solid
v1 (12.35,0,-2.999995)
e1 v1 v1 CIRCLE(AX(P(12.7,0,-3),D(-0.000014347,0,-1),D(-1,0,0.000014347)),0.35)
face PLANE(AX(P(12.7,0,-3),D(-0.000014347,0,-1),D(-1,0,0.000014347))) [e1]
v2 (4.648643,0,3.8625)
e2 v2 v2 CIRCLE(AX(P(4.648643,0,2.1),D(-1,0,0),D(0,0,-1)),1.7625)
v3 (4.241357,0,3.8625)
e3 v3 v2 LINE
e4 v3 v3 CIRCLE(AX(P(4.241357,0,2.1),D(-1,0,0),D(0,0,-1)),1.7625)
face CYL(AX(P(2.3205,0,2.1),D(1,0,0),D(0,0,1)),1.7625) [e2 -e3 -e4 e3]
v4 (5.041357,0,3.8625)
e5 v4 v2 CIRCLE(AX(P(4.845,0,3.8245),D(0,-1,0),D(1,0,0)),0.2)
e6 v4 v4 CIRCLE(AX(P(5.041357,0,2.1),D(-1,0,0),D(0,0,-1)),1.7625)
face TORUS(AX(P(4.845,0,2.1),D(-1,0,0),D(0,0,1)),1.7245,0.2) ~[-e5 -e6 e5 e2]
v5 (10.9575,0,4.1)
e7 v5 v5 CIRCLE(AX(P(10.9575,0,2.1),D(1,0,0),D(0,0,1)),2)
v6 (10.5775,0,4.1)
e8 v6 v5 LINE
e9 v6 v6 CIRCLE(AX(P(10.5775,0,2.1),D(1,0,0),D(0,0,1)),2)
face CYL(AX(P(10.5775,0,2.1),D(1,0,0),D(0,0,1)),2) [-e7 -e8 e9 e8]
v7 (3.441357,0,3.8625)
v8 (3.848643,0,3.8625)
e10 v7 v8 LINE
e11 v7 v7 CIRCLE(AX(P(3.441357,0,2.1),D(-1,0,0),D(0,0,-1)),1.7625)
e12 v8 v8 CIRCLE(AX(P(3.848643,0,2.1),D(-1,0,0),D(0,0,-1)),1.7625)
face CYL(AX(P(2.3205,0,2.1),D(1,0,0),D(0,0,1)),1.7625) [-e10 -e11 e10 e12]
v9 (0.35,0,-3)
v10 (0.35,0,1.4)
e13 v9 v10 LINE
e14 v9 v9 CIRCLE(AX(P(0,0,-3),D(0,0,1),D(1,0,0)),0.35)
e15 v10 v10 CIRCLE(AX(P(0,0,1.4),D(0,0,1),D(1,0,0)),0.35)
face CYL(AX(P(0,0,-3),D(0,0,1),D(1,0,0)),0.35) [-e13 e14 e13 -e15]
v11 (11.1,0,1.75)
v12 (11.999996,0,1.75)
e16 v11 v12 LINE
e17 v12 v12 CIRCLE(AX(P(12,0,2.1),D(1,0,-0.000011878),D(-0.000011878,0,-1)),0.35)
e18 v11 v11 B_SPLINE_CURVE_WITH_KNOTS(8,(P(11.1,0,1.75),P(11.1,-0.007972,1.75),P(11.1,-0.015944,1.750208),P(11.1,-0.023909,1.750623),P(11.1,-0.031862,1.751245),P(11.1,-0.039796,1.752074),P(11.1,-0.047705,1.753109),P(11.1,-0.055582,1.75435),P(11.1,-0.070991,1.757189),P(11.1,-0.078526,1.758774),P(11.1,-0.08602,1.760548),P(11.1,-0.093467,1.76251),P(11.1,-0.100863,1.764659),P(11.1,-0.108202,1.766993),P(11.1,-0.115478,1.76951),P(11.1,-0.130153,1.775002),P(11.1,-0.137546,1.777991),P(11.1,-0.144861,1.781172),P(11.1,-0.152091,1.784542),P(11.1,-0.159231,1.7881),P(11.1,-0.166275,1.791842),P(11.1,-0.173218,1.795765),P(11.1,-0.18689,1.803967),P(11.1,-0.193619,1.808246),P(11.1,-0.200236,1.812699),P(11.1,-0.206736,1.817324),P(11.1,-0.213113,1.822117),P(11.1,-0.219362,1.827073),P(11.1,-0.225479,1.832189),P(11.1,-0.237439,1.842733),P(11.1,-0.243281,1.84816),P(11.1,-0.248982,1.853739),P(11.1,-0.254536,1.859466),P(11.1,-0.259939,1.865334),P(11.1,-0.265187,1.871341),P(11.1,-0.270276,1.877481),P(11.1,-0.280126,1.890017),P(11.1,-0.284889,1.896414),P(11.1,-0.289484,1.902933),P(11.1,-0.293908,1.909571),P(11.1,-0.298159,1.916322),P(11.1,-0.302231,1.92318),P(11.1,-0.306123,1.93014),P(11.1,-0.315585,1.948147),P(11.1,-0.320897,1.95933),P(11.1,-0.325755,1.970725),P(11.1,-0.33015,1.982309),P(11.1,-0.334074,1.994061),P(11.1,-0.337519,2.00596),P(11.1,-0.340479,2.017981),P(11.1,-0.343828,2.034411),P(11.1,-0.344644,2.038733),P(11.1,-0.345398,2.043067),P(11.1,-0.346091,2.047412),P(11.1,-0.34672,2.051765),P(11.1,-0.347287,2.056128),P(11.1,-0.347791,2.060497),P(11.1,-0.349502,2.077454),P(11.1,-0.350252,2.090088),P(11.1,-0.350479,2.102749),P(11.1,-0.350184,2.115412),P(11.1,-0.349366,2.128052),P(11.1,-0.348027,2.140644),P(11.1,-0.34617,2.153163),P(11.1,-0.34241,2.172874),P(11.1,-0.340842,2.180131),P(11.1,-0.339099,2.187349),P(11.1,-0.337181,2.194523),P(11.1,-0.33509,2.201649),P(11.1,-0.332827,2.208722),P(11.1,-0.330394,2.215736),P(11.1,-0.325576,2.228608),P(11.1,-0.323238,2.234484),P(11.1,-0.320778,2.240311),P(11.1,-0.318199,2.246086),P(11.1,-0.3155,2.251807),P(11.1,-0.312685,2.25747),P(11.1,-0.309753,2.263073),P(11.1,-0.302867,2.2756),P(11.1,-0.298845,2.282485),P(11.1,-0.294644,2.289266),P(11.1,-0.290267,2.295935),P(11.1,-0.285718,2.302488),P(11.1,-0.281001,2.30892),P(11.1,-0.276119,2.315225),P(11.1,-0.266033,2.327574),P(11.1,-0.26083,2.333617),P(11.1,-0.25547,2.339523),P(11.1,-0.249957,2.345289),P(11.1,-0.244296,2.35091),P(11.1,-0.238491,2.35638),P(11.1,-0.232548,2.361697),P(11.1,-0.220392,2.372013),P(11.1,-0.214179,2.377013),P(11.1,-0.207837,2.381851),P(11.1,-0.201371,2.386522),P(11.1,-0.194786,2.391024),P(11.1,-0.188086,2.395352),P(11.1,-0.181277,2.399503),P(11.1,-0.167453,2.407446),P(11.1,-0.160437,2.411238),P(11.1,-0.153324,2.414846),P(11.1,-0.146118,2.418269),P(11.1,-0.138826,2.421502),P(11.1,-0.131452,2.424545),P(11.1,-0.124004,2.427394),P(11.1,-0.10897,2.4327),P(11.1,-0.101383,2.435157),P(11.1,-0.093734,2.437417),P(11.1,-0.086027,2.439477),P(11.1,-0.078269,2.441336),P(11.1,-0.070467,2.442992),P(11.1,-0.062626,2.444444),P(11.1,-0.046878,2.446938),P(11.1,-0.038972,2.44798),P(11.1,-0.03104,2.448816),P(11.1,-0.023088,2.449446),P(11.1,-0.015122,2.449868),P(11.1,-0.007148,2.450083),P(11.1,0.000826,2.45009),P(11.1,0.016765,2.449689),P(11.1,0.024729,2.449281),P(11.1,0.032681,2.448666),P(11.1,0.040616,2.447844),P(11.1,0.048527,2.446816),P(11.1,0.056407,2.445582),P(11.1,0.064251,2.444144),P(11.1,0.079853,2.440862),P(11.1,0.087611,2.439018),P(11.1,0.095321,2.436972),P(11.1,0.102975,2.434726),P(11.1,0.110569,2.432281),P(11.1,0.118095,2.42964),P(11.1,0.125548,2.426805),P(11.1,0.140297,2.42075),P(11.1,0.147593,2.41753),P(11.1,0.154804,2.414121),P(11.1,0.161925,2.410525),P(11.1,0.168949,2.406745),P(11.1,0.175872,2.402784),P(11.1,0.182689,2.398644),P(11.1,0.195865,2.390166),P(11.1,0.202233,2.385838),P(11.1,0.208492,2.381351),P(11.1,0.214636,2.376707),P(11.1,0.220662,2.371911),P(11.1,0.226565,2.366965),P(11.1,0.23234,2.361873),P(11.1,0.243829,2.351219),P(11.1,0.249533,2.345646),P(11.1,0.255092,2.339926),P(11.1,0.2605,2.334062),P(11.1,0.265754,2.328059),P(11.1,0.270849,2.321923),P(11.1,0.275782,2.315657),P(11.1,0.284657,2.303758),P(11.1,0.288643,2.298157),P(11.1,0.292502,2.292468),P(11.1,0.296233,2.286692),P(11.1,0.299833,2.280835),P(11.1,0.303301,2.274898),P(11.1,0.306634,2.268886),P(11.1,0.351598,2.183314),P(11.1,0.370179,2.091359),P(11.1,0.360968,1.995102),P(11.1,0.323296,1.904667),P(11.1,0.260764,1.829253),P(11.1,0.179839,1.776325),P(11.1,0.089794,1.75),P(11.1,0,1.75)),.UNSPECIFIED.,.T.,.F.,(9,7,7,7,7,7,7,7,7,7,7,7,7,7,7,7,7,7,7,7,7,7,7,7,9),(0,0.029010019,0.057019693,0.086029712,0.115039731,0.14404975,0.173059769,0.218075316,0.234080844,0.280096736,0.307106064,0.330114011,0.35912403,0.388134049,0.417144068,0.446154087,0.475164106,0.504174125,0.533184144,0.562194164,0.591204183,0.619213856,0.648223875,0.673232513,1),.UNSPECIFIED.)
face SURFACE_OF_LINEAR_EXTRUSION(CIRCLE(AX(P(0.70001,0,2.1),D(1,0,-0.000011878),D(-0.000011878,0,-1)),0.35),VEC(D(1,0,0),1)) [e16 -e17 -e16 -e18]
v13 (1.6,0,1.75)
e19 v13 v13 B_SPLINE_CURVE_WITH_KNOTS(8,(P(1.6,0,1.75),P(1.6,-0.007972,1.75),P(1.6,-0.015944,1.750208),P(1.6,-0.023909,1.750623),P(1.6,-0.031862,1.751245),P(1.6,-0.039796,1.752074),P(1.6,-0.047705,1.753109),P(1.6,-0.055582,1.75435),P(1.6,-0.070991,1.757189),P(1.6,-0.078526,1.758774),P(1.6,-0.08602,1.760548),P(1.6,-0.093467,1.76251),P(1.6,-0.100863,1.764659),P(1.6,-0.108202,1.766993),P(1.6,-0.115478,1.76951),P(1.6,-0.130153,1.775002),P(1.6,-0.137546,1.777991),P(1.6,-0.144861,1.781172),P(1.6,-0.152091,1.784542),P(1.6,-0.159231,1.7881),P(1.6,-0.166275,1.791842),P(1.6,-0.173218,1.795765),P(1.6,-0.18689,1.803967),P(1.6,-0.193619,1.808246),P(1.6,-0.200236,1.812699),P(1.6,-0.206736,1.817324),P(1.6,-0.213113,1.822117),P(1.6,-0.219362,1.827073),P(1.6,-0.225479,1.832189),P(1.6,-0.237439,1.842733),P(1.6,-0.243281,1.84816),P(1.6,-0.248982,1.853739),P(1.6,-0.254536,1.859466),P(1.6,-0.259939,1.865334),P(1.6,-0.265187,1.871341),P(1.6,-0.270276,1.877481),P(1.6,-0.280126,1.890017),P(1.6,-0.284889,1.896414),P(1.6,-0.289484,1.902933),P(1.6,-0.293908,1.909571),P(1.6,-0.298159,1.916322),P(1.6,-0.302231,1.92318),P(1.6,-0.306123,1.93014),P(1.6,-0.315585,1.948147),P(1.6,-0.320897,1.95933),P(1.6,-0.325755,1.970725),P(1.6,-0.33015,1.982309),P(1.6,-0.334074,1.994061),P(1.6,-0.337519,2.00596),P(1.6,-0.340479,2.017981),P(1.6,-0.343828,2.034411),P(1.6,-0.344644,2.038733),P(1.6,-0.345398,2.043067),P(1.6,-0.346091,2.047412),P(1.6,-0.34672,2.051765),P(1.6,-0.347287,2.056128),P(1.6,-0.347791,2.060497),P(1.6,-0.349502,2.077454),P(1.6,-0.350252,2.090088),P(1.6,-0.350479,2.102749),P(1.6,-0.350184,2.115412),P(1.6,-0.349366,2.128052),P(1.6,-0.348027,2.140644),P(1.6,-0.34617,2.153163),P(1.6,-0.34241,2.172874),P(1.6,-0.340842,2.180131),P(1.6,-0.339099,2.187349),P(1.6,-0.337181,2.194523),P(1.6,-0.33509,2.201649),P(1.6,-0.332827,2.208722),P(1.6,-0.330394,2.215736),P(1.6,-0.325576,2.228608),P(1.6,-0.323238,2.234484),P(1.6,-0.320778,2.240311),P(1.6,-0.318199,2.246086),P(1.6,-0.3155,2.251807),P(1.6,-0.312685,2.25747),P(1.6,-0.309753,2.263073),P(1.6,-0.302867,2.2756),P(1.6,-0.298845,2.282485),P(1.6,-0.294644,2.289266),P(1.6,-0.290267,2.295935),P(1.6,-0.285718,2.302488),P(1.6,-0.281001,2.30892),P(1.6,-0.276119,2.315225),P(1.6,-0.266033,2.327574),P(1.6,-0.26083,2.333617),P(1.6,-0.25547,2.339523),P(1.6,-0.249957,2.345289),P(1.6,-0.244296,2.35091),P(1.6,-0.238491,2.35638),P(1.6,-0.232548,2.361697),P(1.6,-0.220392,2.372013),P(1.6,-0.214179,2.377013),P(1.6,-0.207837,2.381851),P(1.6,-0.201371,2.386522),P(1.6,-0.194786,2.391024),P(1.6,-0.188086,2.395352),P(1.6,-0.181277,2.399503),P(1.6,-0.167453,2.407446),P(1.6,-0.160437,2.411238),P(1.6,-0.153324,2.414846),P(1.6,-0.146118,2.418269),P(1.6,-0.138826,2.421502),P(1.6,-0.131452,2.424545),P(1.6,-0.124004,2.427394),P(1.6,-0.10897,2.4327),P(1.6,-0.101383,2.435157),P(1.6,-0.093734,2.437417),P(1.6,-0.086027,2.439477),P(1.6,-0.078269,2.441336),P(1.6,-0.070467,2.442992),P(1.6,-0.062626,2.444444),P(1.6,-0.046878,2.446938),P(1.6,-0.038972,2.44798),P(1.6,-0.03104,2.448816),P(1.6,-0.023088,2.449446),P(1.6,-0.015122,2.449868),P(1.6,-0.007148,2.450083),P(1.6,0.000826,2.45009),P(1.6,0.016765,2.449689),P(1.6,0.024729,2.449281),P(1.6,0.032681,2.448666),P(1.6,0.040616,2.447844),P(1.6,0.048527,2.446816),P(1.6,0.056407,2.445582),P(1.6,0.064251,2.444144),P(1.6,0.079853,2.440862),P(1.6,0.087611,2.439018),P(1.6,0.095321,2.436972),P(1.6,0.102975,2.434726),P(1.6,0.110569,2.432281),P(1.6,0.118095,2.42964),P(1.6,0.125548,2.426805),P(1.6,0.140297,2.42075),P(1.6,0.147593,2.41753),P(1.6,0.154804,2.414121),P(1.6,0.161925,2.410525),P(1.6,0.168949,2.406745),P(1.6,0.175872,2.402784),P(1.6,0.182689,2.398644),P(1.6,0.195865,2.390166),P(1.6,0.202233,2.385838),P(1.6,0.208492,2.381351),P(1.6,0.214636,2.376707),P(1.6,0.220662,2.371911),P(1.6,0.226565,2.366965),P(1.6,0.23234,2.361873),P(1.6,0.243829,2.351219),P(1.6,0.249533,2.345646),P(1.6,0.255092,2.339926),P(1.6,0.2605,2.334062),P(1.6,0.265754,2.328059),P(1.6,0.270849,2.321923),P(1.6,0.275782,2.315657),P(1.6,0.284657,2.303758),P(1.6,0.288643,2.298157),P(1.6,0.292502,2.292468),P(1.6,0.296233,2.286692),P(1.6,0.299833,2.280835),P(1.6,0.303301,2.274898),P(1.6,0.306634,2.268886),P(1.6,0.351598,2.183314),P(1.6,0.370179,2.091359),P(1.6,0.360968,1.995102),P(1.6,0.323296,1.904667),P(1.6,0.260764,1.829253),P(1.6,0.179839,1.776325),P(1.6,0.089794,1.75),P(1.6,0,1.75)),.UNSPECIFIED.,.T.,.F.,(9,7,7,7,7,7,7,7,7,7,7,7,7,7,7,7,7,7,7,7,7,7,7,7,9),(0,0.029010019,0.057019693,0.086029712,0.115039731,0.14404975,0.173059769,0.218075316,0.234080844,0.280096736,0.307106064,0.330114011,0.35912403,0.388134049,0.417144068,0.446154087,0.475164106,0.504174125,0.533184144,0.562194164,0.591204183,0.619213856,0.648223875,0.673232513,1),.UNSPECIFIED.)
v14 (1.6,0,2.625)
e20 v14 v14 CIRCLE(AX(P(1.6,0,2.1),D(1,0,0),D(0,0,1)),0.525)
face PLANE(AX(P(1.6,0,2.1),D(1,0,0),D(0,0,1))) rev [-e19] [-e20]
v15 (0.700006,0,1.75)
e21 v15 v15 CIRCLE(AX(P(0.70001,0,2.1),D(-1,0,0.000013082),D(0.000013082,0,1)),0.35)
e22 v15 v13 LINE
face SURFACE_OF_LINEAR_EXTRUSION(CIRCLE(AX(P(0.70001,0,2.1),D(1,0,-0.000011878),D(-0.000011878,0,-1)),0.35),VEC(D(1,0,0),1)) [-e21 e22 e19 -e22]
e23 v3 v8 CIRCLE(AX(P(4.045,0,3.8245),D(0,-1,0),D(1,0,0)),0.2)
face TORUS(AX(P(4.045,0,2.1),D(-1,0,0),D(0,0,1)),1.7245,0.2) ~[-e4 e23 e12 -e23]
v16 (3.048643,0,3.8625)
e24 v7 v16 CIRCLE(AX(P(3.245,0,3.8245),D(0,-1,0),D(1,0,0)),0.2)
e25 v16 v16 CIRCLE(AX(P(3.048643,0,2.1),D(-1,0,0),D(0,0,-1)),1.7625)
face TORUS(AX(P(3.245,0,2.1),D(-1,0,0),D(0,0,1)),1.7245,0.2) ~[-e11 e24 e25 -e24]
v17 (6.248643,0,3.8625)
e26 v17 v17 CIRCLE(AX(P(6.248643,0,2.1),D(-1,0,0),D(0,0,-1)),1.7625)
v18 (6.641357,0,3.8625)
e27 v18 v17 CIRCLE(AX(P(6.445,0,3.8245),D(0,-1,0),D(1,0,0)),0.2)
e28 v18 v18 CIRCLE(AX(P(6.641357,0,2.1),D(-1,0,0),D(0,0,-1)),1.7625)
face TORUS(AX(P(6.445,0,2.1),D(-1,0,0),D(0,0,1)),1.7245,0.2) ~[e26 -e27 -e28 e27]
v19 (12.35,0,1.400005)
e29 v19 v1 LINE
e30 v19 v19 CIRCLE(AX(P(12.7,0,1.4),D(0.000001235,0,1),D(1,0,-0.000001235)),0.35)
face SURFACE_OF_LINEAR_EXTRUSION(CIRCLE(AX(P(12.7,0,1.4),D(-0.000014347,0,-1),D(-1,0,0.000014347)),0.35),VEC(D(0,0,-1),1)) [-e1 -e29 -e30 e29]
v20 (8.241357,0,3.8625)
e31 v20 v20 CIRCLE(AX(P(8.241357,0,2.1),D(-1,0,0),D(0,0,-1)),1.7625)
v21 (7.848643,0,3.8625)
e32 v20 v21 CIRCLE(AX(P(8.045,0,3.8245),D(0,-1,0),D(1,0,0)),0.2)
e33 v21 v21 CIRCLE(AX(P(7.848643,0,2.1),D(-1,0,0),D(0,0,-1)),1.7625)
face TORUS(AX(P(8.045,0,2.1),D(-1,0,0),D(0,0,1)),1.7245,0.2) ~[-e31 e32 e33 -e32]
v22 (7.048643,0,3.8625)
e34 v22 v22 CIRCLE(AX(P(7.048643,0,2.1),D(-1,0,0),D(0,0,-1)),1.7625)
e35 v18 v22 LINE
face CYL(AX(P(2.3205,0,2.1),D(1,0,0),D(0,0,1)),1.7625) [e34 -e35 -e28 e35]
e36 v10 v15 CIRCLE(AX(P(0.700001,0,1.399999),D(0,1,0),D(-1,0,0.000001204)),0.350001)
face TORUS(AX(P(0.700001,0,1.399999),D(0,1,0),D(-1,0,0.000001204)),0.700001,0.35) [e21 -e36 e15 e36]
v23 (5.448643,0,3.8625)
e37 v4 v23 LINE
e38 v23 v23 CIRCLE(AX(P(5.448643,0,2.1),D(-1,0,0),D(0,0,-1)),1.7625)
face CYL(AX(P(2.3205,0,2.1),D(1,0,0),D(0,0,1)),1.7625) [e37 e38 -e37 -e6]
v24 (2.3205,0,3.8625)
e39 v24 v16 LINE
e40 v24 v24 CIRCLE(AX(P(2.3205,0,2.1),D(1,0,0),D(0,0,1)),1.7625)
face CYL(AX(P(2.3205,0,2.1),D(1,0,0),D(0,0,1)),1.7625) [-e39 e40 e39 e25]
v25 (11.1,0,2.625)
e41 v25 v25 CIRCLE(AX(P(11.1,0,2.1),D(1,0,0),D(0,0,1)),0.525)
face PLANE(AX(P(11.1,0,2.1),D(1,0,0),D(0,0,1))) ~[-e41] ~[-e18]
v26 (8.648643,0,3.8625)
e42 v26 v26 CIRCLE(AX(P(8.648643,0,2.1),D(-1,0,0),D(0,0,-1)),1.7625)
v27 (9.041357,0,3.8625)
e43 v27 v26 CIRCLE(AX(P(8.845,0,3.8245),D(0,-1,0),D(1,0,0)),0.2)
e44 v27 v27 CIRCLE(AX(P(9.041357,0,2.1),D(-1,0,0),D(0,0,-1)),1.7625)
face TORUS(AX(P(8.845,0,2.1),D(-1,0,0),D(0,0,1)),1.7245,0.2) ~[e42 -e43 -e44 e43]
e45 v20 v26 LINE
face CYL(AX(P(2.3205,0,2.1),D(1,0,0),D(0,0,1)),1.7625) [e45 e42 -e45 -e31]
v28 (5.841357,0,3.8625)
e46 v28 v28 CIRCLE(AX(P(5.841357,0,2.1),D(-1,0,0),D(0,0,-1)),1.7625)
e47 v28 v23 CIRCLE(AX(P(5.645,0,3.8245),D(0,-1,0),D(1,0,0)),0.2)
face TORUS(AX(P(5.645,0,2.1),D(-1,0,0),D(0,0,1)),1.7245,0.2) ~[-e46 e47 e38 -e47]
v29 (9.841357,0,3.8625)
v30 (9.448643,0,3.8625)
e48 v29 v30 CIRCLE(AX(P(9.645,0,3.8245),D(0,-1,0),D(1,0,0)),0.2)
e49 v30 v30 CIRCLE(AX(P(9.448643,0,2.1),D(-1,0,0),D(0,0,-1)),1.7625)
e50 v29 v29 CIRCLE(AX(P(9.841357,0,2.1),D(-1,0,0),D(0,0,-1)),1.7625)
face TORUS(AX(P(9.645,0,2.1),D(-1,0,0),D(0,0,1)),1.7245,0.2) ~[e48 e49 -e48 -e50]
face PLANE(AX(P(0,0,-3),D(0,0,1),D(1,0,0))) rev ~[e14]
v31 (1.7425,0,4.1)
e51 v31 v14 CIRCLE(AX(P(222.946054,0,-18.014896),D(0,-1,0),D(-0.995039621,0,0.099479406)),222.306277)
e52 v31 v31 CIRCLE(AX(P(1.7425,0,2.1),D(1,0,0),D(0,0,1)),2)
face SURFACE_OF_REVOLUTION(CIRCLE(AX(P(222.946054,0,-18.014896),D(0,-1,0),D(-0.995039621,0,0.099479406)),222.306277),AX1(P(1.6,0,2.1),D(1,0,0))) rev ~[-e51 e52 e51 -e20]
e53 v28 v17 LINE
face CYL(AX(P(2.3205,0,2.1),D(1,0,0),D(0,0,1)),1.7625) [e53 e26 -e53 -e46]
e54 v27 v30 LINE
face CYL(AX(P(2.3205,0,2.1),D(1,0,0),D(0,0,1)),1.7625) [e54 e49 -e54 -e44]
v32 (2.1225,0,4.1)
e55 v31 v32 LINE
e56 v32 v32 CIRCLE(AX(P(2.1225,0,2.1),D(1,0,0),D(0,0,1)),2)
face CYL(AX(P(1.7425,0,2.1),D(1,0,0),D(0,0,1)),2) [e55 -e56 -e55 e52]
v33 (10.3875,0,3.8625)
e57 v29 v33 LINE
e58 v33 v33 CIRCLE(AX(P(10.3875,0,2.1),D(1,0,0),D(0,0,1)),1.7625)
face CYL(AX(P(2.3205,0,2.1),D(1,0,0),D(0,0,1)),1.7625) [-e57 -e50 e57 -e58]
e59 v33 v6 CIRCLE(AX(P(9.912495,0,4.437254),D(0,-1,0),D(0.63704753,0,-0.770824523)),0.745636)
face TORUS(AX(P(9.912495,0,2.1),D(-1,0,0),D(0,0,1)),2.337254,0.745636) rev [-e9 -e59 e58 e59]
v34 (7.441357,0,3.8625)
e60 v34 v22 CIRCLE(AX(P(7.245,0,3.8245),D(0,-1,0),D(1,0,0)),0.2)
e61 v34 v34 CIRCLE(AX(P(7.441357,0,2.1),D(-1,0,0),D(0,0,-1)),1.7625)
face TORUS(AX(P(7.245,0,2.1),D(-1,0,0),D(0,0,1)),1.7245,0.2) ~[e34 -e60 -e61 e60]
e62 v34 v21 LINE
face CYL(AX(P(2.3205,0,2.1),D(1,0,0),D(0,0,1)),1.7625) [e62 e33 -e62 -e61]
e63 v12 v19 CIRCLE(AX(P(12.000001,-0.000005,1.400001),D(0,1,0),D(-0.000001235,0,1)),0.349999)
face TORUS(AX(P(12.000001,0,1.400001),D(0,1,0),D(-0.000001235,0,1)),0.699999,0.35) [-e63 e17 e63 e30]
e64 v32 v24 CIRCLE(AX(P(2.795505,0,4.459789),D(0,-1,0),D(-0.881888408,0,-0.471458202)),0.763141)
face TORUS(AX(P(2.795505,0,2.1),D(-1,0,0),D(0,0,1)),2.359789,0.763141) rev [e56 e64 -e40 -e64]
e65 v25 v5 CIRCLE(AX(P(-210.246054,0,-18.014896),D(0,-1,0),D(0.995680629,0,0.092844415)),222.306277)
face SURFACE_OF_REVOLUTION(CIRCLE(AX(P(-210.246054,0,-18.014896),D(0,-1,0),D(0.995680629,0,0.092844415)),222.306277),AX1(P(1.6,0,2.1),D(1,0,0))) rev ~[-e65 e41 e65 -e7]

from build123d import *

# Parameters (mm, degrees)
SKETCH_R = 0.35


with BuildPart() as sweep_body:
    # Sweep: sweep along a path in Sketch001
    with BuildLine(Plane.XZ) as sweep_path:
        Line((0, -3), (0, 1.4))
        ThreePointArc((0, 1.4), (0.205029, 1.894978), (0.70001, 2.1))
        Line((0.70001, 2.1), (12, 2.1))
        ThreePointArc((12, 2.1), (12.494975, 1.894975), (12.7, 1.4))
        Line((12.7, 1.4), (12.7, -3))
    # Sketch → Sweep (sweep)
    with BuildSketch(Plane.XY.offset(-2)):
        Circle(SKETCH_R)
    sweep(path=sweep_path.line)


with BuildPart() as revolution001:
    # Sketch003 → Revolution001 (revolve)
    with BuildSketch(Plane.XZ):
        with BuildLine():
            ThreePointArc((3.445, 3.8245), (3.245, 4.0245), (3.045, 3.8245))
            Line((2.645, 3.8245), (3.045, 3.8245))
            Line((2.645, 3.8245), (2.645, 3.4245))
            Line((2.645, 3.4245), (10.245, 3.4245))
            Line((10.245, 3.4245), (10.245, 3.8245))
            Line((9.845, 3.8245), (10.245, 3.8245))
            ThreePointArc((9.845, 3.8245), (9.645, 4.0245), (9.445, 3.8245))
            Line((9.045, 3.8245), (9.445, 3.8245))
            ThreePointArc((9.045, 3.8245), (8.845, 4.0245), (8.645, 3.8245))
            Line((8.245, 3.8245), (8.645, 3.8245))
            ThreePointArc((8.245, 3.8245), (8.045, 4.0245), (7.845, 3.8245))
            Line((7.445, 3.8245), (7.845, 3.8245))
            ThreePointArc((7.445, 3.8245), (7.245, 4.0245), (7.045, 3.8245))
            Line((6.645, 3.8245), (7.045, 3.8245))
            ThreePointArc((6.645, 3.8245), (6.445, 4.0245), (6.245, 3.8245))
            Line((5.845, 3.8245), (6.245, 3.8245))
            ThreePointArc((5.845, 3.8245), (5.645, 4.0245), (5.445, 3.8245))
            Line((5.045, 3.8245), (5.445, 3.8245))
            ThreePointArc((5.045, 3.8245), (4.845, 4.0245), (4.645, 3.8245))
            Line((4.245, 3.8245), (4.645, 3.8245))
            ThreePointArc((4.245, 3.8245), (4.045, 4.0245), (3.845, 3.8245))
            Line((3.445, 3.8245), (3.845, 3.8245))
        make_face()
    revolve(axis=Axis((1.8375, 0, 2.1), (1, 0, 0)))


with BuildPart() as revolution_mp_cp:
    # Sketch002 → Revolution (revolve)
    with BuildSketch(Plane.XZ):
        with BuildLine():
            Line((1.7425, 4.1), (2.1225, 4.1))
            ThreePointArc((2.1225, 4.1), (2.209345, 3.971117), (2.3205, 3.8625))
            Line((2.3205, 3.8625), (10.3875, 3.8625))
            ThreePointArc((10.3875, 3.8625), (10.494738, 3.971459), (10.5775, 4.1))
            Line((10.5775, 4.1), (10.9575, 4.1))
            ThreePointArc((11.1, 2.625), (11.029979, 3.362619), (10.9575, 4.1))
            Line((11.1, 2.1), (11.1, 2.625))
            Line((1.6, 2.1), (11.1, 2.1))
            Line((1.6, 2.1), (1.6, 2.625))
            ThreePointArc((1.7425, 4.1), (1.670021, 3.362619), (1.6, 2.625))
        make_face()
    revolve(axis=Axis((1.6, 0, 2.1), (1, 0, 0)))

    # Revolution_mp_cp: union Sweep body, Revolution001
    add(sweep_body.part)
    add(revolution001.part)


solid = revolution_mp_cp.part
